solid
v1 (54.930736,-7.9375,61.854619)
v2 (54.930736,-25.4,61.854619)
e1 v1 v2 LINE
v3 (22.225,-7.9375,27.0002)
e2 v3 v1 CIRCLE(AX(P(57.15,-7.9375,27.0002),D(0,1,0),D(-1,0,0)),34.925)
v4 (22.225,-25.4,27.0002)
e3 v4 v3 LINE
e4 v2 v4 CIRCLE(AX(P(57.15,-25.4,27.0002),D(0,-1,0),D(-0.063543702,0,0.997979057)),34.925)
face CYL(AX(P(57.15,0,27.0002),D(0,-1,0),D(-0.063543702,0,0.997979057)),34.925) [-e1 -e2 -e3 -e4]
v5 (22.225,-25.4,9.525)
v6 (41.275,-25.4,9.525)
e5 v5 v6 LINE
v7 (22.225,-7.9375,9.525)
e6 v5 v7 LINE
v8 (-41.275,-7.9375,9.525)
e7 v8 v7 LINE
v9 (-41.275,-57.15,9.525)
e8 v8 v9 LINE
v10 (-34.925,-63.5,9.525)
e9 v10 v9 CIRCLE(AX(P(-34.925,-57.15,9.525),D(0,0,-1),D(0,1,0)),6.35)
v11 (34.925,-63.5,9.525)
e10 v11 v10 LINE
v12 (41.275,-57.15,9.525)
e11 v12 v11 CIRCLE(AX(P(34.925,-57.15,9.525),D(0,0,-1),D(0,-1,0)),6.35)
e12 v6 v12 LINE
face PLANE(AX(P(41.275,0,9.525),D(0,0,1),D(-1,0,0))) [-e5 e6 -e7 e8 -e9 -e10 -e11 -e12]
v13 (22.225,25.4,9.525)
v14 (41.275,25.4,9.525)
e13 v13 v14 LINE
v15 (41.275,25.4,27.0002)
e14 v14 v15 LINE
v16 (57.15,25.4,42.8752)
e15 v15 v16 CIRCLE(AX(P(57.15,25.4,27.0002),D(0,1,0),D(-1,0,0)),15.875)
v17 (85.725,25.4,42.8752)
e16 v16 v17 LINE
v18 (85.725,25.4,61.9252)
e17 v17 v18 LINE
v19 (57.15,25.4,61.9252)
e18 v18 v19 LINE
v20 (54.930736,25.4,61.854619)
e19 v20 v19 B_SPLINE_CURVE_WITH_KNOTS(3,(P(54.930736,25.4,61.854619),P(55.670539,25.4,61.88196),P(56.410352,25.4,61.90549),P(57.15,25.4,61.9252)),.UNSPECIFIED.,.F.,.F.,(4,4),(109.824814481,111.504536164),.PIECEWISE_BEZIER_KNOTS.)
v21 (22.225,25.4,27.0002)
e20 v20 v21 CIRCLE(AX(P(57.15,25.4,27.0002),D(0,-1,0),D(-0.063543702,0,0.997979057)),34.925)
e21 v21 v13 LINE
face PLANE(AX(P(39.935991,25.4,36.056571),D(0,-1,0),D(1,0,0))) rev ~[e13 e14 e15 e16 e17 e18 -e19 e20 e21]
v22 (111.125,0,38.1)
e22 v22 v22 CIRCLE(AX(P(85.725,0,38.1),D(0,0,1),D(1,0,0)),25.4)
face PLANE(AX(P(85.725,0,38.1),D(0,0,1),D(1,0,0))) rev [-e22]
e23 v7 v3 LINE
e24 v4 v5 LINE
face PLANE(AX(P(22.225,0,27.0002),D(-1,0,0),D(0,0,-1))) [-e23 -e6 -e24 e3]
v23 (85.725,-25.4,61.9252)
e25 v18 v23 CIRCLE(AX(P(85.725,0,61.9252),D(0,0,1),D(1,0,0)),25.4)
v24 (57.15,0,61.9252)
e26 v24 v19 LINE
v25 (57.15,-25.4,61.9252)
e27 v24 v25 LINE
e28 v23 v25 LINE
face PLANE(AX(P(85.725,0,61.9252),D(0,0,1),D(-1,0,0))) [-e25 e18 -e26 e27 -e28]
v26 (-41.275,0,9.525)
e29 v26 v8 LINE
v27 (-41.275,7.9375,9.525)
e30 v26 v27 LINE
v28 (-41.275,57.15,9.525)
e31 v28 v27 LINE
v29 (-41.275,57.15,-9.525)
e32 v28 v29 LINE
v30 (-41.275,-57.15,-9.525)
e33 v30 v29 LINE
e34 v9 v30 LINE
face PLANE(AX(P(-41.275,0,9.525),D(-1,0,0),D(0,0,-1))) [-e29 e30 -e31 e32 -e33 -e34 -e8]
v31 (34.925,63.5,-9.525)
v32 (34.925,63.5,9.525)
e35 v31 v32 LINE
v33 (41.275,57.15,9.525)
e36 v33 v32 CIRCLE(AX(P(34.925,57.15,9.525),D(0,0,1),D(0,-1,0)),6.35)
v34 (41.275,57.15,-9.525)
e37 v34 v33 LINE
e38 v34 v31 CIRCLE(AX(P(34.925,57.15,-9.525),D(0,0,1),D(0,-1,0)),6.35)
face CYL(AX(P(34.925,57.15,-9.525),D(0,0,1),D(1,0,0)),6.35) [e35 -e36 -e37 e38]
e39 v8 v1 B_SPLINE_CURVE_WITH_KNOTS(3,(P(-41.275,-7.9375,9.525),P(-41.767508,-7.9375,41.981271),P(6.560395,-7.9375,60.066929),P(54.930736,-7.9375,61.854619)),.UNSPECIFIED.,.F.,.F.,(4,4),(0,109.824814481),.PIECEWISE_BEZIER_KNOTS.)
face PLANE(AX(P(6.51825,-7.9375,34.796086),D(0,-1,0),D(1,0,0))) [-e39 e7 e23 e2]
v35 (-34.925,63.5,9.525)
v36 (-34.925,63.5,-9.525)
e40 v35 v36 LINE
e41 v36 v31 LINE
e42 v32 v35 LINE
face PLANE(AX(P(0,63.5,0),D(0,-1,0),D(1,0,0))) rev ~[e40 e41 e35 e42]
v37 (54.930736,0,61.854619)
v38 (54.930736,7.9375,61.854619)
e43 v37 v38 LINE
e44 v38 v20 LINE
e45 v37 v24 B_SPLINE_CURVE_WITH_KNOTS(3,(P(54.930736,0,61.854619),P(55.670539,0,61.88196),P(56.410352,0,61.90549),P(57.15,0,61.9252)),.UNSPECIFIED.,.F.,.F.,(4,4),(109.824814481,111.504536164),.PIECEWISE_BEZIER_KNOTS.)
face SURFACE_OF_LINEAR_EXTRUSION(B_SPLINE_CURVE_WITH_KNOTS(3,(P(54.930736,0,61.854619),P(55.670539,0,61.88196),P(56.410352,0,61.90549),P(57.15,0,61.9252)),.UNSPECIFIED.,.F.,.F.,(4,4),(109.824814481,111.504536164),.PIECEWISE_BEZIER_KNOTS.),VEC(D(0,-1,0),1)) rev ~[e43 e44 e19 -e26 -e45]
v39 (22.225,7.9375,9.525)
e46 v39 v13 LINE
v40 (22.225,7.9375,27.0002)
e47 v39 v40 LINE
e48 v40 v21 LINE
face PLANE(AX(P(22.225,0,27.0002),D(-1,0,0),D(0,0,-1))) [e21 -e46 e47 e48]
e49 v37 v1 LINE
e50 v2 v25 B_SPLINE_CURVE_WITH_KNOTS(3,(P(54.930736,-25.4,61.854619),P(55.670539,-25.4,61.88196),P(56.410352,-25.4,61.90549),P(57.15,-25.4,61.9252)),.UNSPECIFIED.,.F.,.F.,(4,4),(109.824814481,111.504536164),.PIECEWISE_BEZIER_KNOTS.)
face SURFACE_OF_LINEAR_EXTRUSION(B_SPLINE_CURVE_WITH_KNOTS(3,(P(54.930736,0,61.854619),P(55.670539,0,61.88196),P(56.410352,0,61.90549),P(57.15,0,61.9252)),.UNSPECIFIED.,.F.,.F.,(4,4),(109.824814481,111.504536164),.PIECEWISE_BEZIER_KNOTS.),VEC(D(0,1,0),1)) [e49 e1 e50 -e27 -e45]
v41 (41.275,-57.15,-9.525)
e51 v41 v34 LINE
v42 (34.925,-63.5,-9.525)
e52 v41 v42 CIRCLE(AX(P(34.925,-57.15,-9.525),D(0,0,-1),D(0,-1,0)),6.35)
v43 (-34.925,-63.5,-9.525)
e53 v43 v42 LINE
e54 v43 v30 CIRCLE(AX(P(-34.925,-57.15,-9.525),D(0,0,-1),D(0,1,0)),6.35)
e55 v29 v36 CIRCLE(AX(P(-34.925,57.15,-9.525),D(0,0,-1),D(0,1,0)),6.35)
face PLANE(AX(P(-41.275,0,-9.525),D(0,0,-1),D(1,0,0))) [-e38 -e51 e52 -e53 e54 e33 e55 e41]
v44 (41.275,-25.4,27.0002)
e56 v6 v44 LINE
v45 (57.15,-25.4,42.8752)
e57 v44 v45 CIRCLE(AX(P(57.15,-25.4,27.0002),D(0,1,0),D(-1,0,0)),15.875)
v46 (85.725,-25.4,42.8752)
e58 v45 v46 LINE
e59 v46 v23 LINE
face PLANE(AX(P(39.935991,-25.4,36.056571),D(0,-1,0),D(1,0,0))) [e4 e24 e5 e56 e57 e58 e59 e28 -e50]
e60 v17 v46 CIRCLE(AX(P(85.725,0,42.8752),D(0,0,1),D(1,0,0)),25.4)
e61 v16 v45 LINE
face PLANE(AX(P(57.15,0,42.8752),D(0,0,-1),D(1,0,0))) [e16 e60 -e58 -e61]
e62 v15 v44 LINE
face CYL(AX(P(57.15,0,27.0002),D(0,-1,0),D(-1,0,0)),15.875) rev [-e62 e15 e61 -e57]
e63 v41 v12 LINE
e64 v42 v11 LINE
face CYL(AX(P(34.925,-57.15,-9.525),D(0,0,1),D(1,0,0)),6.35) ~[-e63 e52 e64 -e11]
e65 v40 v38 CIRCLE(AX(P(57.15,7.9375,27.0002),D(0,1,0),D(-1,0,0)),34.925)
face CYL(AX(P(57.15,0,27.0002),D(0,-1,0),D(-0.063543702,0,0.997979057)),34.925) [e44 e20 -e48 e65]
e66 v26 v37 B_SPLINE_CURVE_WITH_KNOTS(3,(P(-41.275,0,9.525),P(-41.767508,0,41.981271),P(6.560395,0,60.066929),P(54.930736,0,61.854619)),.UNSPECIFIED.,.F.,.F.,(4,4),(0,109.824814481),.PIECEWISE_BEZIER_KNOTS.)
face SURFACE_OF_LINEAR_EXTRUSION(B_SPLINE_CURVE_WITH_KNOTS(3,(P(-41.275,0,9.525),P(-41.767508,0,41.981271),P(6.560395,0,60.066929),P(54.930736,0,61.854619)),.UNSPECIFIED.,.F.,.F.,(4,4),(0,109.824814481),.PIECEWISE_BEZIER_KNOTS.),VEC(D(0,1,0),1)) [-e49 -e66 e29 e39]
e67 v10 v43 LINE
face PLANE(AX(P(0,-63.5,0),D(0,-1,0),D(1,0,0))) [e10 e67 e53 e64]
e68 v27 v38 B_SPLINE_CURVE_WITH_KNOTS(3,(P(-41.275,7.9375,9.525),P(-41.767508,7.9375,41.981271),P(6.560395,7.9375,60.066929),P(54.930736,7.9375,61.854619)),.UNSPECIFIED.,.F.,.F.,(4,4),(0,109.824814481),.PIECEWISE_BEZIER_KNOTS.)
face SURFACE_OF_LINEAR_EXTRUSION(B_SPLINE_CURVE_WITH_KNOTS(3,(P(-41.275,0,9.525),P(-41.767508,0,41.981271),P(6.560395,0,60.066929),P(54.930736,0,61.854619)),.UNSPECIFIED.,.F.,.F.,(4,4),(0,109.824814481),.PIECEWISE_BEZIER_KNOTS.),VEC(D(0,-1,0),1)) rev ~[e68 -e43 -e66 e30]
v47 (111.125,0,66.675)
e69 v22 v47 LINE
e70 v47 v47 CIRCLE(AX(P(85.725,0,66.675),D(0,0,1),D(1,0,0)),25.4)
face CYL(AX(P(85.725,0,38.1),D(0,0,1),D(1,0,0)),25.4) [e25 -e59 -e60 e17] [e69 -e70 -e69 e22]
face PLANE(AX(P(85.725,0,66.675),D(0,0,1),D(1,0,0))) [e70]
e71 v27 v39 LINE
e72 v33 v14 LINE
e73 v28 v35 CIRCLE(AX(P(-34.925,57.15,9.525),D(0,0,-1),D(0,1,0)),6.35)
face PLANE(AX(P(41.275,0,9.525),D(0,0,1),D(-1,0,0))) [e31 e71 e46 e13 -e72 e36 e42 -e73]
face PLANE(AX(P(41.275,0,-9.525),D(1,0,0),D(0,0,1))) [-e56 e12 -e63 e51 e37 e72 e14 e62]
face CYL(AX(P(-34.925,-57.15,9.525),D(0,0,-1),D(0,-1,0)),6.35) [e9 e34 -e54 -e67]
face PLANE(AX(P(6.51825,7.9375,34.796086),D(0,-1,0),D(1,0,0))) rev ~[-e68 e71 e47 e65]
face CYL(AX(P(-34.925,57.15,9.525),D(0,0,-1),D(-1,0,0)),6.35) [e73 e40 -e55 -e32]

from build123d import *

# Parameters (mm, degrees)
F1_DEPTH = 63.5
F2_DEPTH = 7.9375
F0_W     = 25.4
F0_H     = 19.05
F3_DEPTH = 25.4
F5_R     = 6.35


with BuildPart() as f1:
    # F0 (on Front) → F1 (new body, symmetric)
    with BuildSketch(Plane.XZ):
        Polygon((41.275, -9.525), (41.275, 9.525), (22.225, 9.525), (-41.275, 9.525), (-41.275, -9.525), align=None)
    extrude(amount=F1_DEPTH, both=True)

    # F0 (on Front) → F2 (join, symmetric)
    with BuildSketch(Plane.XZ):
        with BuildLine():
            Line((-41.275, 9.525), (22.225, 9.525))
            Line((22.225, 9.525), (22.225, 27.0002))
            ThreePointArc((22.225, 27.0002), (31.6817510104, 50.8983990619), (54.9307362006, 61.8546185605))
            add(Edge.make_bspline(
                [(-41.275, 9.525), (-41.7675076432, 41.9812705622), (6.5603954345, 60.0669286801), (54.9307362006, 61.8546185605)],
                knots=[0, 0, 0, 0, 109.8248144815, 109.8248144815, 109.8248144815, 109.8248144815], degree=3))
        make_face()
    extrude(amount=F2_DEPTH, both=True)

    # F0 (on Front) → F3 (join, symmetric)
    with BuildSketch(Plane.XZ):
        with BuildLine():
            Line((22.225, 9.525), (41.275, 9.525))
            Line((41.275, 9.525), (41.275, 27.0002))
            ThreePointArc((41.275, 27.0002), (45.9246798487, 38.2255201513), (57.15, 42.8752))
            Line((57.15, 42.8752), (60.325, 42.8752))
            Line((60.325, 42.8752), (60.325, 61.9252))
            Line((60.325, 61.9252), (57.15, 61.9252))
            add(Edge.make_bspline(
                [(54.9307362006, 61.8546185605), (55.6705390451, 61.8819604819), (56.4103518168, 61.905489927), (57.15, 61.9252)],
                knots=[109.8248144815, 109.8248144815, 109.8248144815, 109.8248144815, 111.5045361635, 111.5045361635, 111.5045361635, 111.5045361635], degree=3))
            ThreePointArc((54.9307362006, 61.8546185605), (31.6817510104, 50.8983990619), (22.225, 27.0002))
            Line((22.225, 27.0002), (22.225, 9.525))
        make_face()
        with Locations((73.025, 52.4002)):
            Rectangle(F0_W, F0_H)
    extrude(amount=F3_DEPTH, both=True)

    # F0 (on Front) → F4 (revolve)
    with BuildSketch(Plane.XZ):
        Polygon((85.725, 61.9252), (85.725, 42.8752), (85.725, 38.1), (111.125, 38.1), (111.125, 66.675), (85.725, 66.675), align=None)
    revolve(axis=Axis((85.725, 0, 52.3875), (0, 0, 1)))

    # F5
    f5_edges = [f1.edges().sort_by_distance(p)[0] for p in [
        (41.275, -63.5, 0),
        (-41.275, -63.5, 0),
        (-41.275, 63.5, 0),
        (41.275, 63.5, 0),
    ]]
    fillet(f5_edges, radius=F5_R)


solid = f1.part
